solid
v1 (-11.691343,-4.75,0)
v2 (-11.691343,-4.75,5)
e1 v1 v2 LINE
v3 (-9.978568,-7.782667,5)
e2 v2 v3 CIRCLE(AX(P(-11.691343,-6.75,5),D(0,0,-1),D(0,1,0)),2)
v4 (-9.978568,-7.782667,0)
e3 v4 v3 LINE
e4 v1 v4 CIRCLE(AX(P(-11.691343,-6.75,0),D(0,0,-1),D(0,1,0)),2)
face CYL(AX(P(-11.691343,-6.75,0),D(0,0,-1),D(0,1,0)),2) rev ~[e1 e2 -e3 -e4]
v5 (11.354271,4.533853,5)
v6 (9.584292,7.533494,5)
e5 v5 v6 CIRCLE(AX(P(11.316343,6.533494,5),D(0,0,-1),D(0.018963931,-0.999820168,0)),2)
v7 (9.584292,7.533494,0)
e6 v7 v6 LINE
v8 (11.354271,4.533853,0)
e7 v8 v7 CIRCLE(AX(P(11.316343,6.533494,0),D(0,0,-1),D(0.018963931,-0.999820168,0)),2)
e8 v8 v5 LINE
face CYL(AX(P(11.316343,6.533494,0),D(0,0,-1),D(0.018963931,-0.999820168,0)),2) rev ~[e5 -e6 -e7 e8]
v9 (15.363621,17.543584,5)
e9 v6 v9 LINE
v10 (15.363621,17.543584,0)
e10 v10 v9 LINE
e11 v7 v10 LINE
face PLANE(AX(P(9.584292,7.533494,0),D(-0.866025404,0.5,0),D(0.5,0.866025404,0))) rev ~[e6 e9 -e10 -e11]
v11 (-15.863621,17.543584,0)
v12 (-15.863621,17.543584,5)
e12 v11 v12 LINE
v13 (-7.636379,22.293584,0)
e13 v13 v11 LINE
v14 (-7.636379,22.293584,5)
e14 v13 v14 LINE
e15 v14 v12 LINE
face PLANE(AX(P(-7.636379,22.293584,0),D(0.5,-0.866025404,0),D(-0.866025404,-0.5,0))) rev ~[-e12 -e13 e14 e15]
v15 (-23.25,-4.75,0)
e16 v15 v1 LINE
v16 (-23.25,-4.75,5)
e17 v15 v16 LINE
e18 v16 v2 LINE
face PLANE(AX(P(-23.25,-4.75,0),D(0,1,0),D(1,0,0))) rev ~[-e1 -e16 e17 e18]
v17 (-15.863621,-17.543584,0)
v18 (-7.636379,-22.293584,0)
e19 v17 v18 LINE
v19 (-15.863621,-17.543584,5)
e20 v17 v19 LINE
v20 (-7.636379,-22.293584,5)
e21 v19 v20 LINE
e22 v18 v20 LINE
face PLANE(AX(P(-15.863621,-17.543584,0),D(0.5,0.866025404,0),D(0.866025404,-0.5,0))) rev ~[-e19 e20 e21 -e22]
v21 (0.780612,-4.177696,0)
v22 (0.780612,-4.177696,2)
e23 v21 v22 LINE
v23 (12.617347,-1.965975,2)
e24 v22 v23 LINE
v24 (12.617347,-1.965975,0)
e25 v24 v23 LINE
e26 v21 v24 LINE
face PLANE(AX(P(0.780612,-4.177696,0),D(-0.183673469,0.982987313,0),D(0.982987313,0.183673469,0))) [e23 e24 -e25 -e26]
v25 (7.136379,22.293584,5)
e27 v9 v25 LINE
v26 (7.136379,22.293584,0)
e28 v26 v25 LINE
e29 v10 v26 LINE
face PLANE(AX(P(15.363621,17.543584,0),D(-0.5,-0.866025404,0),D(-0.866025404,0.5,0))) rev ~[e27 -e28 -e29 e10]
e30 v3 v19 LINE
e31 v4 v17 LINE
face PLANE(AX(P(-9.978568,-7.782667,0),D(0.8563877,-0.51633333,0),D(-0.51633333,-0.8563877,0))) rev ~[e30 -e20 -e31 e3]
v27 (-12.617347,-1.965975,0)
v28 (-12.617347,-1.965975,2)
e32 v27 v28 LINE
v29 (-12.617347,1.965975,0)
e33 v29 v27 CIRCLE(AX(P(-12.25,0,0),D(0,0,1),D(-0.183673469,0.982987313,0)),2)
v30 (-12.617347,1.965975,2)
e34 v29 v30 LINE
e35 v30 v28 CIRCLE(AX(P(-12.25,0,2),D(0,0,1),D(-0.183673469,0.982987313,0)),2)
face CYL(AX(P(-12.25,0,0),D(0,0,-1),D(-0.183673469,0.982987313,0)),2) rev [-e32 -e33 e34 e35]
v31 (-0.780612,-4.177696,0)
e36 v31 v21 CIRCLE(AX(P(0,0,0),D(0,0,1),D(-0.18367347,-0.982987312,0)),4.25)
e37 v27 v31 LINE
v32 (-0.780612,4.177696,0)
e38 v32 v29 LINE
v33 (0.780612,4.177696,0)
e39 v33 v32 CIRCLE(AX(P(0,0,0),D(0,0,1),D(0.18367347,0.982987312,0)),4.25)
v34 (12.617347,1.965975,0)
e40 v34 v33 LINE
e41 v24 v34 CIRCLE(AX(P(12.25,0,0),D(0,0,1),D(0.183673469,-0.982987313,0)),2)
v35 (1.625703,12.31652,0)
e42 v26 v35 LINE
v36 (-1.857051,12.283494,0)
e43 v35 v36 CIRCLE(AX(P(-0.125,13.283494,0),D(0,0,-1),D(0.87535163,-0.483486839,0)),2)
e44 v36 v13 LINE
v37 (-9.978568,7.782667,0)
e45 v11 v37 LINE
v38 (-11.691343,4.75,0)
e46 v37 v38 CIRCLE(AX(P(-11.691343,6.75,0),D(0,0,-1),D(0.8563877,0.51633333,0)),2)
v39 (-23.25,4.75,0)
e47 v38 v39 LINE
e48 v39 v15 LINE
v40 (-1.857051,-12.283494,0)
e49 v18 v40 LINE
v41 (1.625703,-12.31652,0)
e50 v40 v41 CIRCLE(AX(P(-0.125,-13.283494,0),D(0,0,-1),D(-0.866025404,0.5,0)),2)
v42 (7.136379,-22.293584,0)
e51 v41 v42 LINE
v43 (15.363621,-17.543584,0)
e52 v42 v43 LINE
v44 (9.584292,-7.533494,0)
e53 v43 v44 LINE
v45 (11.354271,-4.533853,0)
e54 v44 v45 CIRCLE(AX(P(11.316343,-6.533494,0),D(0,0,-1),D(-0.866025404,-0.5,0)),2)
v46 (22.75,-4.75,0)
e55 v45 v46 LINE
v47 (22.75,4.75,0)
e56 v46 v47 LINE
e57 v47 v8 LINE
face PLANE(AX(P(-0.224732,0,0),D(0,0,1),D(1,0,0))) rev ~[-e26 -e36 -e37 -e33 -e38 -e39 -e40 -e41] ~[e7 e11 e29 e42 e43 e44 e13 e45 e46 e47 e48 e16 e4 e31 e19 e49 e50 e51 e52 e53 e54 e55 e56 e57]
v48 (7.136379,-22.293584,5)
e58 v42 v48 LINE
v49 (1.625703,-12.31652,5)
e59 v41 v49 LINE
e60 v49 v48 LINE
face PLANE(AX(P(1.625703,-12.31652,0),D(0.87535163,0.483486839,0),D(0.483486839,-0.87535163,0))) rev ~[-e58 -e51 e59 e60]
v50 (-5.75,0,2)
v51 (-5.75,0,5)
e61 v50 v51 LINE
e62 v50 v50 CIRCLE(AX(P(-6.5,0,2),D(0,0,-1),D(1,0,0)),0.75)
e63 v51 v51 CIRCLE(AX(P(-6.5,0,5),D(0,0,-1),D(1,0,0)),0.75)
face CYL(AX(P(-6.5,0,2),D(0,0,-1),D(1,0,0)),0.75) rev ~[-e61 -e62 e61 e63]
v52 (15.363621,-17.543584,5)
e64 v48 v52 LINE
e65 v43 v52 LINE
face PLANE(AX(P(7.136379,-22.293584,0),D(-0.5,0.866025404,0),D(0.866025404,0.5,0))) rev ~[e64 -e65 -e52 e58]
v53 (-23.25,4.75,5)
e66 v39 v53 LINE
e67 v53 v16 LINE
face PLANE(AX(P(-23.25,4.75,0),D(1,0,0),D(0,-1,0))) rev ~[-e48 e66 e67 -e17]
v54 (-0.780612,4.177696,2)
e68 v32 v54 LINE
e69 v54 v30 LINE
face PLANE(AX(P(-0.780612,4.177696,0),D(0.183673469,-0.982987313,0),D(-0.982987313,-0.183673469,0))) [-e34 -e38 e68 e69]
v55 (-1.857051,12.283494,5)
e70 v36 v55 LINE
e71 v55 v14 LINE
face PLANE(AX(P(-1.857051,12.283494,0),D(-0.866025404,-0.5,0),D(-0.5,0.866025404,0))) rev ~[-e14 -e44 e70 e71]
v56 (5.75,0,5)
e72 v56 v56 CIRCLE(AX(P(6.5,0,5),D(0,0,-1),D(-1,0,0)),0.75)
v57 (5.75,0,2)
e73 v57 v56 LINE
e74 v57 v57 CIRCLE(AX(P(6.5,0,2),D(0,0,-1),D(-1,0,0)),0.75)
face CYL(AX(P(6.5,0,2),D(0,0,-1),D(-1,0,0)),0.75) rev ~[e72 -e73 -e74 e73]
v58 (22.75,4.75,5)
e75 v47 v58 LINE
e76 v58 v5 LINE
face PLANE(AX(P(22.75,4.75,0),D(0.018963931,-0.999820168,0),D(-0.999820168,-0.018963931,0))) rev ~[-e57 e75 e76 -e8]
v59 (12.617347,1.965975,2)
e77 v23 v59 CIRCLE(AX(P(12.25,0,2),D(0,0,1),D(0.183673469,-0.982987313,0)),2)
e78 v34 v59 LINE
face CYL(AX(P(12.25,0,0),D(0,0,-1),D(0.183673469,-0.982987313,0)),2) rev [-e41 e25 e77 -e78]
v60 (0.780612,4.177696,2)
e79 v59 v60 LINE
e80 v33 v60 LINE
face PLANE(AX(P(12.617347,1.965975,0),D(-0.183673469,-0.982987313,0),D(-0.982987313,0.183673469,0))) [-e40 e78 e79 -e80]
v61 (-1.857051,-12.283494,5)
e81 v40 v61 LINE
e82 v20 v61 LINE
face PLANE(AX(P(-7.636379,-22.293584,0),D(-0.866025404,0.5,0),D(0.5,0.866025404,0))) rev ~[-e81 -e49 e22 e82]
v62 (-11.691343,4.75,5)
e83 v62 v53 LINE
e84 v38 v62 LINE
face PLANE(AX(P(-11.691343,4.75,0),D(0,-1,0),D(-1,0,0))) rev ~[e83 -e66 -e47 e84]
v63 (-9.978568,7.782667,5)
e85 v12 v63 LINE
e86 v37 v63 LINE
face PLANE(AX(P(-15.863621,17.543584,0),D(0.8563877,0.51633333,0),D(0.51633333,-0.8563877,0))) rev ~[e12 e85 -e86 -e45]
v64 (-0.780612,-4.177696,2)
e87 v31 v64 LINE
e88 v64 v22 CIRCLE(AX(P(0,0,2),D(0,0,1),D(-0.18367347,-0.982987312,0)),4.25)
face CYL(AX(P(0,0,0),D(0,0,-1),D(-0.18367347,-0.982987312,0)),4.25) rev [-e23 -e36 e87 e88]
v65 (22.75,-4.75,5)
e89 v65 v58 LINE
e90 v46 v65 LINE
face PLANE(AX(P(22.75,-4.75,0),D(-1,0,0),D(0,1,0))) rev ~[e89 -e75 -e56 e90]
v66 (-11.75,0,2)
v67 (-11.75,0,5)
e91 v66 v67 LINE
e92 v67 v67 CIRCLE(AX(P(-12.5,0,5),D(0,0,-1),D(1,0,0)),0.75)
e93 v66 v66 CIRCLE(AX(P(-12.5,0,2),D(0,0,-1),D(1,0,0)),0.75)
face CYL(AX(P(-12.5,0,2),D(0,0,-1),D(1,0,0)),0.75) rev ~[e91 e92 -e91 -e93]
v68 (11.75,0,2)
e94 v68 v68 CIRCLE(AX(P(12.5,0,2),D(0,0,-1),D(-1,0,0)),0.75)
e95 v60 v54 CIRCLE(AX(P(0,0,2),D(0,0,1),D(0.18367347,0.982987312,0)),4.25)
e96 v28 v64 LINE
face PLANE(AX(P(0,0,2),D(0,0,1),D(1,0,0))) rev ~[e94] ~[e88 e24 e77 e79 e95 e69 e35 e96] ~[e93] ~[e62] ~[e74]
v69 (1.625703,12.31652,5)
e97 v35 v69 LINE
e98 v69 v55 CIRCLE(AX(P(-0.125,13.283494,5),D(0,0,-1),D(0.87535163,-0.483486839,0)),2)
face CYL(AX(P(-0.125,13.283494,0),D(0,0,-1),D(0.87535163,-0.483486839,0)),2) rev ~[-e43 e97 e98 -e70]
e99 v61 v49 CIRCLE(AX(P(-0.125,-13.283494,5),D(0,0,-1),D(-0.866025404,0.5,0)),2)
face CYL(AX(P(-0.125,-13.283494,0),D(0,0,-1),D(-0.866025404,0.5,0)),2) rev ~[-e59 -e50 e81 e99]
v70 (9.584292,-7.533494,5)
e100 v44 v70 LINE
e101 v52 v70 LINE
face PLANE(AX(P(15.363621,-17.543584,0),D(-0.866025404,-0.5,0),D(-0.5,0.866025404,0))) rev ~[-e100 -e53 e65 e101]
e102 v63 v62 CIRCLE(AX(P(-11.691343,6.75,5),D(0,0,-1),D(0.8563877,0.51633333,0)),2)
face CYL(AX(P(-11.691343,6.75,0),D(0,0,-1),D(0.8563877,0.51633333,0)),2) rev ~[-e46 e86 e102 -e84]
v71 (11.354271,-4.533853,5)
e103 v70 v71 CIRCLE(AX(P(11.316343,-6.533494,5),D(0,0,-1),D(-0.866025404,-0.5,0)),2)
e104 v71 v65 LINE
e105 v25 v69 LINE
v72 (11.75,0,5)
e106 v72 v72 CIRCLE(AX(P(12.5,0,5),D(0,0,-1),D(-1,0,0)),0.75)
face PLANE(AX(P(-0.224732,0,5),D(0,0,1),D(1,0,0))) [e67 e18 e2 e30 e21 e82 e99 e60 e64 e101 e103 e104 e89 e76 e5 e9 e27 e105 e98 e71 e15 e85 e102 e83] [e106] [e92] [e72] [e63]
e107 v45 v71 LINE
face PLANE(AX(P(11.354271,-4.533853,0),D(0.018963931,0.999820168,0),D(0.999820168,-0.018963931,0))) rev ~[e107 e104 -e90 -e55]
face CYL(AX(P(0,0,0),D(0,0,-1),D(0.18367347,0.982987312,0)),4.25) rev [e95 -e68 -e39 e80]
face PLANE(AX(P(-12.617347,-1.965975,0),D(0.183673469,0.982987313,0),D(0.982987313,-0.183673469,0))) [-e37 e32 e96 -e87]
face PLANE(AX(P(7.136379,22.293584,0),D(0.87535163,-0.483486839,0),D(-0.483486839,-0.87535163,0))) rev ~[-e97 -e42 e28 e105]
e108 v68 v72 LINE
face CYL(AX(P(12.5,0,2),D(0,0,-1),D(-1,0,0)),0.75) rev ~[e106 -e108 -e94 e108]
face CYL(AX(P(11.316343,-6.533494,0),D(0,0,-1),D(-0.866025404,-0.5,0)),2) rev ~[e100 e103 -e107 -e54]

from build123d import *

# Parameters (mm, degrees)
BOSS_EXTRUDE2_DEPTH = 5
CUT_EXTRUDE1_DEPTH  = 2
SKETCH3_R           = 0.75
CUT_EXTRUDE2_DEPTH  = 33.350678515


with BuildPart() as part:
    # Sketch1 → Boss-Extrude2 (new body)
    with BuildSketch(Plane.XY):
        with BuildLine():
            Line((-23.25, 4.75), (-23.25, -4.75))
            Line((-23.25, -4.75), (-11.691342951, -4.75))
            ThreePointArc((-11.691342951, -4.75), (-9.949887623, -5.766468943), (-9.978567551, -7.78266666))
            Line((-9.978567551, -7.78266666), (-15.863620668, -17.543584287))
            Line((-15.863620668, -17.543584287), (-7.636379332, -22.293584287))
            Line((-7.636379332, -22.293584287), (-1.857050808, -12.283493649))
            ThreePointArc((-1.857050808, -12.283493649), (-0.106035217, -11.283583567), (1.625703261, -12.316519972))
            Line((1.625703261, -12.316519972), (7.136379332, -22.293584287))
            Line((7.136379332, -22.293584287), (15.363620668, -17.543584287))
            Line((15.363620668, -17.543584287), (9.584292144, -7.533493649))
            ThreePointArc((9.584292144, -7.533493649), (9.593852406, -5.517114624), (11.354270812, -4.533853312))
            Line((11.354270812, -4.533853312), (22.75, -4.75))
            Line((22.75, -4.75), (22.75, 4.75))
            Line((22.75, 4.75), (11.354270812, 4.533853312))
            ThreePointArc((11.354270812, 4.533853312), (9.593852406, 5.517114624), (9.584292144, 7.533493649))
            Line((9.584292144, 7.533493649), (15.363620668, 17.543584287))
            Line((15.363620668, 17.543584287), (7.136379332, 22.293584287))
            Line((7.136379332, 22.293584287), (1.625703261, 12.316519972))
            ThreePointArc((1.625703261, 12.316519972), (-0.106035217, 11.283583567), (-1.857050808, 12.283493649))
            Line((-1.857050808, 12.283493649), (-7.636379332, 22.293584287))
            Line((-7.636379332, 22.293584287), (-15.863620668, 17.543584287))
            Line((-15.863620668, 17.543584287), (-9.978567551, 7.78266666))
            ThreePointArc((-9.978567551, 7.78266666), (-9.949887623, 5.766468943), (-11.691342951, 4.75))
            Line((-11.691342951, 4.75), (-23.25, 4.75))
        make_face()
    extrude(amount=BOSS_EXTRUDE2_DEPTH)

    # Sketch2 → Cut-Extrude1 (cut)
    with BuildSketch(Plane(origin=(0, 0, 0), x_dir=(-1, 0, 0), z_dir=(0, 0, -1))):
        with BuildLine():
            Line((0.780612245, 4.177696078), (12.617346939, 1.965974625))
            ThreePointArc((12.617346939, 1.965974625), (14.25, 0), (12.617346939, -1.965974625))
            Line((12.617346939, -1.965974625), (0.780612245, -4.177696078))
            ThreePointArc((0.780612245, -4.177696078), (0, -4.25), (-0.780612245, -4.177696078))
            Line((-0.780612245, -4.177696078), (-12.617346939, -1.965974625))
            ThreePointArc((-12.617346939, -1.965974625), (-14.25, 0), (-12.617346939, 1.965974625))
            Line((-12.617346939, 1.965974625), (-0.780612245, 4.177696078))
            ThreePointArc((-0.780612245, 4.177696078), (0, 4.25), (0.780612245, 4.177696078))
        make_face()
    extrude(amount=-CUT_EXTRUDE1_DEPTH, mode=Mode.SUBTRACT)

    # Sketch3 → Cut-Extrude2 (cut, through all)
    with BuildSketch(Plane(origin=(0, 0, 2), x_dir=(-1, 0, 0), z_dir=(0, 0, -1))):
        with Locations((-6.5, 0)):
            Circle(SKETCH3_R)
        with Locations((-12.5, 0)):
            Circle(SKETCH3_R)
        with Locations(Location((6.5, 0, 0), (0, 0, 180))):
            Circle(SKETCH3_R)
        with Locations(Location((12.5, 0, 0), (0, 0, 180))):
            Circle(SKETCH3_R)
    extrude(amount=-CUT_EXTRUDE2_DEPTH, mode=Mode.SUBTRACT)


solid = part.part
